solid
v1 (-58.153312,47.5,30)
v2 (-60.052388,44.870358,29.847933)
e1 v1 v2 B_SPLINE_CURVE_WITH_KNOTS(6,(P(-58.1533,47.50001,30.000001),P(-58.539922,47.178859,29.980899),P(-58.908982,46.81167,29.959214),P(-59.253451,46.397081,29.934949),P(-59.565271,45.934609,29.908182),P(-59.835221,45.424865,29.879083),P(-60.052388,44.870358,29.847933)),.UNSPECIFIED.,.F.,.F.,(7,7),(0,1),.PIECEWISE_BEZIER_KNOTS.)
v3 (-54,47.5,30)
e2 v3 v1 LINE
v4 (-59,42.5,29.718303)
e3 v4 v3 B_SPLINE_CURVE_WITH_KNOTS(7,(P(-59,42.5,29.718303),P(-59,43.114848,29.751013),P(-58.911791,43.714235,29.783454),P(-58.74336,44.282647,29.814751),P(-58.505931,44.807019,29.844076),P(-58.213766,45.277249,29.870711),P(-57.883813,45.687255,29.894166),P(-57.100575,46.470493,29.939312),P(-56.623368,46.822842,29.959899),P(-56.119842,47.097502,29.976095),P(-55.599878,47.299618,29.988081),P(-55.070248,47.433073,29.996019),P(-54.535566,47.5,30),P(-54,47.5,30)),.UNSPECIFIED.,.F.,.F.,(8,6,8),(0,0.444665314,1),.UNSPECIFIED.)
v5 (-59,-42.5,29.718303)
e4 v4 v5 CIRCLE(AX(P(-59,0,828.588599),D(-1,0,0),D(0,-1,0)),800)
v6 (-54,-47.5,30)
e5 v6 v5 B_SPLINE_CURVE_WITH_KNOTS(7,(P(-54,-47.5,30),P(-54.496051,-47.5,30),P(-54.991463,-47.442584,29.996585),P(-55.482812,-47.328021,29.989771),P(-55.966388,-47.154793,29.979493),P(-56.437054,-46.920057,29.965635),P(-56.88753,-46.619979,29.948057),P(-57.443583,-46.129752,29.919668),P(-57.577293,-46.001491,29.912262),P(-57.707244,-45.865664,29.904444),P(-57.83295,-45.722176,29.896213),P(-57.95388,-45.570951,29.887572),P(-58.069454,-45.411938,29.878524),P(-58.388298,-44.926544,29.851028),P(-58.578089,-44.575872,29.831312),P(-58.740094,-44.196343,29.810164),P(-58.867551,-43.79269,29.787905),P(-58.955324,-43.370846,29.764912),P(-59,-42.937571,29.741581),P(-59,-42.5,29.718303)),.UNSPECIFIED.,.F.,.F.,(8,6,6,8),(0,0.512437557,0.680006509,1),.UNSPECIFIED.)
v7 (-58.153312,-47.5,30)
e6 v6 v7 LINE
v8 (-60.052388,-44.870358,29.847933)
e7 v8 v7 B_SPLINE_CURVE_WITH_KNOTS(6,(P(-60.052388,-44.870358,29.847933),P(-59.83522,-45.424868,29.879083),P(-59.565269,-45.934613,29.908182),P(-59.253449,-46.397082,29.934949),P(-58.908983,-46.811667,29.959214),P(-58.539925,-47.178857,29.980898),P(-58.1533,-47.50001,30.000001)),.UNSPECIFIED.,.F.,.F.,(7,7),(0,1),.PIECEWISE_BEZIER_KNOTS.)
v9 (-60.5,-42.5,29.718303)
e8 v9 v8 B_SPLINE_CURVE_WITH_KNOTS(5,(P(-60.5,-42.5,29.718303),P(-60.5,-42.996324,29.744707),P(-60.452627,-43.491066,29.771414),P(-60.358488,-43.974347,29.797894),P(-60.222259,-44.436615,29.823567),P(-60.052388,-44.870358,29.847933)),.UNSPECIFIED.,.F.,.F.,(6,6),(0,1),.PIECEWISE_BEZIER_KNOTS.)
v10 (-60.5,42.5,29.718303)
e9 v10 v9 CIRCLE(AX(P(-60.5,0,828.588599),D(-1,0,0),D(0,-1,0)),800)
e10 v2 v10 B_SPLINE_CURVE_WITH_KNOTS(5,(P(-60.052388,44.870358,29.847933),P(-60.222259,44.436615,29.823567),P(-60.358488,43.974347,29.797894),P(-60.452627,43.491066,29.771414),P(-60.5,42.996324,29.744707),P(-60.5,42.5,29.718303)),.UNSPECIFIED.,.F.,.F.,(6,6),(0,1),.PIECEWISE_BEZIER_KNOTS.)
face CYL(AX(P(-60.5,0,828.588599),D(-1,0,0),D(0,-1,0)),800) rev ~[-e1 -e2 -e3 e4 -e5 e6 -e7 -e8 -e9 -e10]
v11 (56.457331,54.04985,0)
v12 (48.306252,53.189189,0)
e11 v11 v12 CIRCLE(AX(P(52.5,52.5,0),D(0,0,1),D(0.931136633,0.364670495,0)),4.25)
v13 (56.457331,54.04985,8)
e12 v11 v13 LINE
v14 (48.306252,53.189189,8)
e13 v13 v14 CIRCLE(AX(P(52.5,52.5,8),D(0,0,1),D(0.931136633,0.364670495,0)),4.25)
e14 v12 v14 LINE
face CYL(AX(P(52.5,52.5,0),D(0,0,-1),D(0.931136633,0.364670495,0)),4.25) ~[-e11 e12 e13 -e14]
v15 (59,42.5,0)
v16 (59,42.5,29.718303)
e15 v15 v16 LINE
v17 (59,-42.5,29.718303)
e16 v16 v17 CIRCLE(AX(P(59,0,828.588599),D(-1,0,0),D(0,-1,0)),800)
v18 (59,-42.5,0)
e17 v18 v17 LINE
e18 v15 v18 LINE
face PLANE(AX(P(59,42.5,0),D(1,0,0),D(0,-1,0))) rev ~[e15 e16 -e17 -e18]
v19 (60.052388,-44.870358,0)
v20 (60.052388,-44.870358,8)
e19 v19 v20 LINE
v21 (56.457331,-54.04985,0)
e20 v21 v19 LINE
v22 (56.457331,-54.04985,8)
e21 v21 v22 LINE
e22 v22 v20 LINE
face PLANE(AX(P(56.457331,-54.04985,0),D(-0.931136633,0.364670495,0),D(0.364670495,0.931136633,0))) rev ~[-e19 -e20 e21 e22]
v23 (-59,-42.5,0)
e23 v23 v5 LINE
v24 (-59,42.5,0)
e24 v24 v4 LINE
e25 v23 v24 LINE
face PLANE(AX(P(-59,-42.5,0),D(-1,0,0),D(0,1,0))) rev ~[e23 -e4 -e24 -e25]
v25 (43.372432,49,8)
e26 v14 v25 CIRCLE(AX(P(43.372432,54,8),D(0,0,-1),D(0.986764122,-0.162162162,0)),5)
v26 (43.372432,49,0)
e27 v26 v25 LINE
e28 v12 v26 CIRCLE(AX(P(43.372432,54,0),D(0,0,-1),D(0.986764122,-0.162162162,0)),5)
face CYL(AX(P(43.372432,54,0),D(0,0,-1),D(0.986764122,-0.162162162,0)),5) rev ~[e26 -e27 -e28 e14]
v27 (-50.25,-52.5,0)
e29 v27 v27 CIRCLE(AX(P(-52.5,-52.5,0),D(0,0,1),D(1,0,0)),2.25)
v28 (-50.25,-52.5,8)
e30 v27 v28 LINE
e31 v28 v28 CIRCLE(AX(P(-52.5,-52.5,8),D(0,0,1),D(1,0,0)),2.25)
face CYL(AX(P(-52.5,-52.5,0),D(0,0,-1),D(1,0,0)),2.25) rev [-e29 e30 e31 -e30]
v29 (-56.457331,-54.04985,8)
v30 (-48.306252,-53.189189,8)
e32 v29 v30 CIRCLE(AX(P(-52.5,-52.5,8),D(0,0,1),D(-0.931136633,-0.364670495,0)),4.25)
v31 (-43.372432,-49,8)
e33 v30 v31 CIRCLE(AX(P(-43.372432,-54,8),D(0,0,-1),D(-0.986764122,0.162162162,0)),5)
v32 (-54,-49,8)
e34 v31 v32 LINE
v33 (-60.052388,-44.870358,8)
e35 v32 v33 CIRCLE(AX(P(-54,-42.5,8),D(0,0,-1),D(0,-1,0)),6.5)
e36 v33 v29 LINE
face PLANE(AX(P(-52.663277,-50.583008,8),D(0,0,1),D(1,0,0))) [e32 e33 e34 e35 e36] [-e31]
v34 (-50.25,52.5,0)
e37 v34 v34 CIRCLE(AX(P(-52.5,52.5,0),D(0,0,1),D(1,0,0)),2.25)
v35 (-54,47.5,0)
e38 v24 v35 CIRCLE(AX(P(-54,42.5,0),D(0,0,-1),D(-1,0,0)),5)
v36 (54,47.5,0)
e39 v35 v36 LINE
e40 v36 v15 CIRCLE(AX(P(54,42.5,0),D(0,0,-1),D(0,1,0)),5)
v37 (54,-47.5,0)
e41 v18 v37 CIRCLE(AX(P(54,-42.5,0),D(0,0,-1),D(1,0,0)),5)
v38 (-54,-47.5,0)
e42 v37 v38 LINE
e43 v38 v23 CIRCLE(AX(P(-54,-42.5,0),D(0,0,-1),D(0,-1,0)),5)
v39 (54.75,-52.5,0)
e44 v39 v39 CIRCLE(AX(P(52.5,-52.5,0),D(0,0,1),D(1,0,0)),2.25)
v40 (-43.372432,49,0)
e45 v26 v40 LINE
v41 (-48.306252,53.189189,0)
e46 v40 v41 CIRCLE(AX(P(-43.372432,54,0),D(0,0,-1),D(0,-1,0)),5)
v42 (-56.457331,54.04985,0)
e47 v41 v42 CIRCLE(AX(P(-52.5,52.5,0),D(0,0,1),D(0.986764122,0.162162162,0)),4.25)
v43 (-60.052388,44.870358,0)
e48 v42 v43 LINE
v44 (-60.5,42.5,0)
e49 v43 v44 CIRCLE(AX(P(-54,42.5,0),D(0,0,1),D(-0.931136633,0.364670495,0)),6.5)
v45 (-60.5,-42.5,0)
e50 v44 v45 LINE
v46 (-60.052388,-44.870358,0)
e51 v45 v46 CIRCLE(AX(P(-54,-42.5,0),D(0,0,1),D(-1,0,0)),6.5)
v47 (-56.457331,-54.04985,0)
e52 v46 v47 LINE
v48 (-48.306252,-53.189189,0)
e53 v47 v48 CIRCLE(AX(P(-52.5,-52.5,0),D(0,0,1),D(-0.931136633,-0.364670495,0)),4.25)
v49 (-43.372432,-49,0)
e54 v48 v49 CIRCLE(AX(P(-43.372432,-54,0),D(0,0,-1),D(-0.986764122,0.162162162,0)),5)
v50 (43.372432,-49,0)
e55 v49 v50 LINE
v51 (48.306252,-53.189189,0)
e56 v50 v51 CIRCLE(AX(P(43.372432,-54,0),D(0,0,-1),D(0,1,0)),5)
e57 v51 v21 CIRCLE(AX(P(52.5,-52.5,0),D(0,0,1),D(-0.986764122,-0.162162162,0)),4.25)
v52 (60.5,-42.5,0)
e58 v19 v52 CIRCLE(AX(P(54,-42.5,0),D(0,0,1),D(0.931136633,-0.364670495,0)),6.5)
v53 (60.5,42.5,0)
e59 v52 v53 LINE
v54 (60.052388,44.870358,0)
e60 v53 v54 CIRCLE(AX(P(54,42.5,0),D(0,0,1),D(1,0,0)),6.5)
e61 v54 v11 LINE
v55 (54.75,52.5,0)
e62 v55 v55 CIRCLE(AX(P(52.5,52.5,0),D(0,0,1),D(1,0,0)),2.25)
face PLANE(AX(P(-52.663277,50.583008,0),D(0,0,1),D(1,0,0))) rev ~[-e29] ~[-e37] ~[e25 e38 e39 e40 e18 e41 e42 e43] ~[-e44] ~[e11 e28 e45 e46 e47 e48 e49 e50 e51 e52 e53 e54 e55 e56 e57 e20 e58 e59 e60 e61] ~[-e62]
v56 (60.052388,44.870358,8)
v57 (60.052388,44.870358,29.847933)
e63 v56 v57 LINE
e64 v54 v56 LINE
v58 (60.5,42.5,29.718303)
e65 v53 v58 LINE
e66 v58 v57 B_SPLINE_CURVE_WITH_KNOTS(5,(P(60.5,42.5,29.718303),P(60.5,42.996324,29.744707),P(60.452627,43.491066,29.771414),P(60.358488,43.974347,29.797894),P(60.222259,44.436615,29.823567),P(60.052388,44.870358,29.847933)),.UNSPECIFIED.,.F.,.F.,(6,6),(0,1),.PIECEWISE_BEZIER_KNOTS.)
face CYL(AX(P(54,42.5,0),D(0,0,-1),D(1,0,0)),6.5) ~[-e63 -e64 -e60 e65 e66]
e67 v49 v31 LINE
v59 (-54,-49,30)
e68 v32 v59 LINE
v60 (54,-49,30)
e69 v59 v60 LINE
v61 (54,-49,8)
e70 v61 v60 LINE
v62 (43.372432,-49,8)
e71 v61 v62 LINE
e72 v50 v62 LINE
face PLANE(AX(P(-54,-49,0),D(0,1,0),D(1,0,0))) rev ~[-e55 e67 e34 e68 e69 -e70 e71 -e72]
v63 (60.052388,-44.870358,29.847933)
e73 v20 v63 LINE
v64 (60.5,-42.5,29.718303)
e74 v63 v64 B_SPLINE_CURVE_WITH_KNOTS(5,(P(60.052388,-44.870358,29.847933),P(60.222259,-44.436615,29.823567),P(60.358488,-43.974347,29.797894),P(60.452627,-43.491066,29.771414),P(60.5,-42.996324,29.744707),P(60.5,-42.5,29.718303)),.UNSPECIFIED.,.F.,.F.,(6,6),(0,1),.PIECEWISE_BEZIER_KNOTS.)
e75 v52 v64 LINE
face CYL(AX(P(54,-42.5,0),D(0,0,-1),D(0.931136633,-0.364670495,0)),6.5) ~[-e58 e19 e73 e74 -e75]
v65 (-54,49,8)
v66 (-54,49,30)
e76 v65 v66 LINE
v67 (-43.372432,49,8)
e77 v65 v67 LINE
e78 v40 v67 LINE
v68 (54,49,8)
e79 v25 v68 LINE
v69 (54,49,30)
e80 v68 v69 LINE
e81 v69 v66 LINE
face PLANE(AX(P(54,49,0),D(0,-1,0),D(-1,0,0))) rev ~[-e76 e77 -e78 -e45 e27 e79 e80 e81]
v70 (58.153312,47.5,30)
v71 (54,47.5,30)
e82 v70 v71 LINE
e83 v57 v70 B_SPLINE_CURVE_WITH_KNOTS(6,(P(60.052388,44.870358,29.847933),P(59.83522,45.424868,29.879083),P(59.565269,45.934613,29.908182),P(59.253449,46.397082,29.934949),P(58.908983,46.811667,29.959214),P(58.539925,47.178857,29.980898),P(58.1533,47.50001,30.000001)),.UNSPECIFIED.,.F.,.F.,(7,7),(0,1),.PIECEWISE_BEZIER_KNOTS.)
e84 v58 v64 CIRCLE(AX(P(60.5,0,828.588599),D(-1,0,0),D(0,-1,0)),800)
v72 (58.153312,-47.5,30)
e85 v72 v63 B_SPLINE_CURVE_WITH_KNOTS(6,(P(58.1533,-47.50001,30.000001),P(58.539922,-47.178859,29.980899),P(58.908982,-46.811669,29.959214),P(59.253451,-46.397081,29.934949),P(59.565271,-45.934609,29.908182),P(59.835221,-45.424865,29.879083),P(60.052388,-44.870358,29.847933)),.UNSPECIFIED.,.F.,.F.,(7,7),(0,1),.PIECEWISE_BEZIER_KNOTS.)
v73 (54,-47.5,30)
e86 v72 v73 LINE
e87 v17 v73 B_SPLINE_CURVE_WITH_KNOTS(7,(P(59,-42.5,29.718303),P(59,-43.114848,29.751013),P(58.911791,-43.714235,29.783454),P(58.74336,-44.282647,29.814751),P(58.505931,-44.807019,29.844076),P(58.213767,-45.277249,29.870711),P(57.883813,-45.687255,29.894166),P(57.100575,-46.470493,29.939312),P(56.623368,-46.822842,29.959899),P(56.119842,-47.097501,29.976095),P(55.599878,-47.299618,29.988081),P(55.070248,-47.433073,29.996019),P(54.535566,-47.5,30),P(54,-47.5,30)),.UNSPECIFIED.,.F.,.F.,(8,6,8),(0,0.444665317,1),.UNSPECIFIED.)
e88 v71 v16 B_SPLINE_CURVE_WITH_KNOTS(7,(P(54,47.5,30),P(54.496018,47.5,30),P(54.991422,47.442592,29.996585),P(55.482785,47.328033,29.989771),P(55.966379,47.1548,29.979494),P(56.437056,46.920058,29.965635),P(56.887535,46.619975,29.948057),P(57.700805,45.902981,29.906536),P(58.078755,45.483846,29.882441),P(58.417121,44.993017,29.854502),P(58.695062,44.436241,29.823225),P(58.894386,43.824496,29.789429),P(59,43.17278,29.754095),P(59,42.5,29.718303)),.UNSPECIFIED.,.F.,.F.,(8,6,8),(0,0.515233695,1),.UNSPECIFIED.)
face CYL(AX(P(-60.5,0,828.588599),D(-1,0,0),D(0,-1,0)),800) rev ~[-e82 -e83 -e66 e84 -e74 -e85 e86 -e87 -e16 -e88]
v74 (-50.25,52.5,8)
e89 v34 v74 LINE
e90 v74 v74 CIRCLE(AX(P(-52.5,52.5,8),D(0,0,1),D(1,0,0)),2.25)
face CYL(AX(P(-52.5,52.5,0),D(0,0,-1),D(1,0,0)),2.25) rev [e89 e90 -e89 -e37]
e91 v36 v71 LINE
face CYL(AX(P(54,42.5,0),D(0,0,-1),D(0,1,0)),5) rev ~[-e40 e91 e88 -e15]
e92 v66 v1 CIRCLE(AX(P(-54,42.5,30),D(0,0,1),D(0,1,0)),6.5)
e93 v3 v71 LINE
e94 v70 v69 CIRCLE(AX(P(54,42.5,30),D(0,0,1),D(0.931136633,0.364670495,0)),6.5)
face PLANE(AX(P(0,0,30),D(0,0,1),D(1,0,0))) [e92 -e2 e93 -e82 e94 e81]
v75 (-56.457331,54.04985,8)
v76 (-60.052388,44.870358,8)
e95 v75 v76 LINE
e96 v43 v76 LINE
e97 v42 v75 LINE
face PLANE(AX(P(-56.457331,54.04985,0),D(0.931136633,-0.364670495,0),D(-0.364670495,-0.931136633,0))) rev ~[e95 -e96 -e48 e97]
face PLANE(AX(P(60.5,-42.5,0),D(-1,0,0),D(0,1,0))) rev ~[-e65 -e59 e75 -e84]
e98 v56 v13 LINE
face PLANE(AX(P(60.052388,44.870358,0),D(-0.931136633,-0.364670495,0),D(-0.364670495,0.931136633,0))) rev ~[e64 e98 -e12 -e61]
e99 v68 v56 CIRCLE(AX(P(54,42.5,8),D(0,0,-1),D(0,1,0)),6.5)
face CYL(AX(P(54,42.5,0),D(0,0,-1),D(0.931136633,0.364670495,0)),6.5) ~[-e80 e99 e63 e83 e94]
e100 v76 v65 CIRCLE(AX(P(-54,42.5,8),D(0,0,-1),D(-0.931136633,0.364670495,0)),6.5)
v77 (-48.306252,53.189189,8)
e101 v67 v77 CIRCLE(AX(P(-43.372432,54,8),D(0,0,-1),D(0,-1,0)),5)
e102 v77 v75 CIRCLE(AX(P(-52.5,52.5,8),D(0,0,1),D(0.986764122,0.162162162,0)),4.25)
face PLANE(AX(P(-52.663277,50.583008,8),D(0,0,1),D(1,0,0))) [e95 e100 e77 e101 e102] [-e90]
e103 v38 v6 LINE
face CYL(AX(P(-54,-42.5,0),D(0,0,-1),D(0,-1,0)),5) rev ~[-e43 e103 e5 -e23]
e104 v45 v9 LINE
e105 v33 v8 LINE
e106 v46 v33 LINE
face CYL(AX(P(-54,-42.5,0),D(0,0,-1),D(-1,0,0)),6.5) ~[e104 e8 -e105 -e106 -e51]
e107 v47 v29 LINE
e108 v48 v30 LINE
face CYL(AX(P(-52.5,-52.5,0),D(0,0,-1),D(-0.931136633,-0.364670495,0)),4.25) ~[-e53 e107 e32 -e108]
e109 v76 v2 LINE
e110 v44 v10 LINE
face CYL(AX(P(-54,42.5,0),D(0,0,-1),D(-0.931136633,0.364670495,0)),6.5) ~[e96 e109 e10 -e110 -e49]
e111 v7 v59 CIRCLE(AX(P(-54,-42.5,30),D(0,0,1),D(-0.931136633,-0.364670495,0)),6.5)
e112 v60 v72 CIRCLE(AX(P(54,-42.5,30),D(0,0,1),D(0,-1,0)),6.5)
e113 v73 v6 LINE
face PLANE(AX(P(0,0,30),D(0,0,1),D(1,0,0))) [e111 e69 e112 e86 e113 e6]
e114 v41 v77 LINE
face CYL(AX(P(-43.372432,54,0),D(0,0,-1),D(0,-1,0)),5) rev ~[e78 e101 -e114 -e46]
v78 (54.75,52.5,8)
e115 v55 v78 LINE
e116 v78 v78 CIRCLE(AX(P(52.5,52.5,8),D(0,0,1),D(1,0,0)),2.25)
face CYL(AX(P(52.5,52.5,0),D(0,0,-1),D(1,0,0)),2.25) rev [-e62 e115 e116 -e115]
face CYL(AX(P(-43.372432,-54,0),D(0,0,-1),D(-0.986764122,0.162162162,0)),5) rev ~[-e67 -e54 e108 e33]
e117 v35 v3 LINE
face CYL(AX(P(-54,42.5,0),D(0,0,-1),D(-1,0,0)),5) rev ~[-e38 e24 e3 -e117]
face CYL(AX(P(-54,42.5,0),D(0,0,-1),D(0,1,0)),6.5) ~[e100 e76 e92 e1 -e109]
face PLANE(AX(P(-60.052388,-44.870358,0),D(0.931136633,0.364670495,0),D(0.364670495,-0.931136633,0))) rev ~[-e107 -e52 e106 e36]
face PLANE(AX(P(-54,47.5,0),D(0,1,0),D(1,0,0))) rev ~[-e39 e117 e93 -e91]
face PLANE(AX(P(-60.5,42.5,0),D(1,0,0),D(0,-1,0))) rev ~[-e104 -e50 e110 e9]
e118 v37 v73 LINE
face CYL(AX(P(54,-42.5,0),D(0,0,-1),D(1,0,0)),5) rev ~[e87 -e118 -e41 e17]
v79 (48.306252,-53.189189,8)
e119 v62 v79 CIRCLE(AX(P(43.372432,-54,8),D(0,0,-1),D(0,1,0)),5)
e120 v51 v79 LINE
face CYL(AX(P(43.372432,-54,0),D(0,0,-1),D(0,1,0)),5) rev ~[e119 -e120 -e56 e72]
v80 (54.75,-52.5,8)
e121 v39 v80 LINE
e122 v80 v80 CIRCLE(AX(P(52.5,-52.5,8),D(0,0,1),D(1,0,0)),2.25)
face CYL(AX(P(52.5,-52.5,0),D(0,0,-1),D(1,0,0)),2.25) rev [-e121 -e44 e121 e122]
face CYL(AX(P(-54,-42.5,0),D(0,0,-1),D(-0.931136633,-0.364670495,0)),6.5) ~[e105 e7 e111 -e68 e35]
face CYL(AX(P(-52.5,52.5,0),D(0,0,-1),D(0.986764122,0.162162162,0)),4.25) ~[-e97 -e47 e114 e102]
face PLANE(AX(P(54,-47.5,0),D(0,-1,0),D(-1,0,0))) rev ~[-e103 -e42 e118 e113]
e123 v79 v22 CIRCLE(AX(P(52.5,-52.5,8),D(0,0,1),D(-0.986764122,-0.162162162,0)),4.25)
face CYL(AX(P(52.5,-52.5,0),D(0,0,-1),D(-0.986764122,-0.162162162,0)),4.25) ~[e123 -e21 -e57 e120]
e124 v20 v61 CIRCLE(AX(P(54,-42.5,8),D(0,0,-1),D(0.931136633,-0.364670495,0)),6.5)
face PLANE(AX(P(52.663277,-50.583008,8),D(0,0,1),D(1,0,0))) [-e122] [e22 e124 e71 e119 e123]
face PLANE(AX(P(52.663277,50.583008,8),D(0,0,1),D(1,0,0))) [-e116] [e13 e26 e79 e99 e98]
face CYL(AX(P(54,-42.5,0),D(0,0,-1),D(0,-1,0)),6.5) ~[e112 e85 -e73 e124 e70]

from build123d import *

# Parameters (mm, degrees)
F1_DEPTH = 30
F0_R     = 2.25
F2_DEPTH = 8
F3_R     = 800
F4_DEPTH = 121.001


with BuildPart() as f1:
    # F0 (on Top) → F1 (new body)
    with BuildSketch(Plane.XY):
        with BuildLine():
            ThreePointArc((60.0523881171, -44.8703582176), (60.3871168285, -43.7061254575), (60.5, -42.5))
            Line((60.5, -42.5), (60.5, 42.5))
            ThreePointArc((60.5, 42.5), (60.3871168285, 43.7061254575), (60.0523881171, 44.8703582176))
            ThreePointArc((60.0523881171, 44.8703582176), (57.6635141317, 47.8692331116), (54, 49))
            Line((54, 49), (43.3724318682, 49))
            Line((43.3724318682, 49), (-43.3724318682, 49))
            Line((-43.3724318682, 49), (-54, 49))
            ThreePointArc((-54, 49), (-57.6635141317, 47.8692331116), (-60.0523881171, 44.8703582176))
            ThreePointArc((-60.0523881171, 44.8703582176), (-60.3871168285, 43.7061254575), (-60.5, 42.5))
            Line((-60.5, 42.5), (-60.5, -42.5))
            ThreePointArc((-60.5, -42.5), (-60.3871168285, -43.7061254575), (-60.0523881171, -44.8703582176))
            ThreePointArc((-60.0523881171, -44.8703582176), (-57.6635141317, -47.8692331116), (-54, -49))
            Line((-54, -49), (-43.3724318682, -49))
            Line((-43.3724318682, -49), (43.3724318682, -49))
            Line((43.3724318682, -49), (54, -49))
            ThreePointArc((54, -49), (57.6635141317, -47.8692331116), (60.0523881171, -44.8703582176))
        make_face()
        with BuildLine():
            Line((-54, 47.5), (54, 47.5))
            ThreePointArc((54, 47.5), (57.5355339059, 46.0355339059), (59, 42.5))
            Line((59, 42.5), (59, -42.5))
            ThreePointArc((59, -42.5), (57.5355339059, -46.0355339059), (54, -47.5))
            Line((54, -47.5), (-54, -47.5))
            ThreePointArc((-54, -47.5), (-57.5355339059, -46.0355339059), (-59, -42.5))
            Line((-59, -42.5), (-59, 42.5))
            ThreePointArc((-59, 42.5), (-57.5355339059, 46.0355339059), (-54, 47.5))
        make_face(mode=Mode.SUBTRACT)
    extrude(amount=F1_DEPTH)

    # F0 (on Top) → F2 (join)
    with BuildSketch(Plane.XY):
        with BuildLine():
            Line((-54, 49), (-43.3724318682, 49))
            ThreePointArc((-43.3724318682, 49), (-46.6086291695, 50.1885662767), (-48.30625248, 53.1891891892))
            ThreePointArc((-48.30625248, 53.1891891892), (-52.0537295479, 56.7265047833), (-56.457330692, 54.0498496038))
            Line((-56.457330692, 54.0498496038), (-60.0523881171, 44.8703582176))
            ThreePointArc((-60.0523881171, 44.8703582176), (-57.6635141317, 47.8692331116), (-54, 49))
        make_face()
        with Locations((-52.5, 52.5)):
            Circle(F0_R, mode=Mode.SUBTRACT)
        with BuildLine():
            ThreePointArc((-48.30625248, -53.1891891892), (-46.6086291695, -50.1885662767), (-43.3724318682, -49))
            Line((-43.3724318682, -49), (-54, -49))
            ThreePointArc((-54, -49), (-57.6635141317, -47.8692331116), (-60.0523881171, -44.8703582176))
            Line((-60.0523881171, -44.8703582176), (-56.457330692, -54.0498496038))
            ThreePointArc((-56.457330692, -54.0498496038), (-52.0537295479, -56.7265047833), (-48.30625248, -53.1891891892))
        make_face()
        with Locations((-52.5, -52.5)):
            Circle(F0_R, mode=Mode.SUBTRACT)
        with BuildLine():
            Line((56.457330692, -54.0498496038), (60.0523881171, -44.8703582176))
            ThreePointArc((60.0523881171, -44.8703582176), (57.6635141317, -47.8692331116), (54, -49))
            Line((54, -49), (43.3724318682, -49))
            ThreePointArc((43.3724318682, -49), (46.6086291695, -50.1885662767), (48.30625248, -53.1891891892))
            ThreePointArc((48.30625248, -53.1891891892), (52.0537295479, -56.7265047833), (56.457330692, -54.0498496038))
        make_face()
        with Locations((52.5, -52.5)):
            Circle(F0_R, mode=Mode.SUBTRACT)
        with BuildLine():
            ThreePointArc((54, 49), (57.6635141317, 47.8692331116), (60.0523881171, 44.8703582176))
            Line((60.0523881171, 44.8703582176), (56.457330692, 54.0498496038))
            ThreePointArc((56.457330692, 54.0498496038), (52.0537295479, 56.7265047833), (48.30625248, 53.1891891892))
            ThreePointArc((48.30625248, 53.1891891892), (46.6086291695, 50.1885662767), (43.3724318682, 49))
            Line((43.3724318682, 49), (54, 49))
        make_face()
        with Locations((52.5, 52.5)):
            Circle(F0_R, mode=Mode.SUBTRACT)
    extrude(amount=F2_DEPTH)

    # F3 (on face) → F4 (cut, through all)
    with BuildSketch(Plane(origin=(-60.5, 0, 0), x_dir=(0, -1, 0), z_dir=(-1, 0, 0))):
        with Locations((0, 828.5885987165)):
            Circle(F3_R)
    extrude(amount=-F4_DEPTH, mode=Mode.SUBTRACT)


solid = f1.part
